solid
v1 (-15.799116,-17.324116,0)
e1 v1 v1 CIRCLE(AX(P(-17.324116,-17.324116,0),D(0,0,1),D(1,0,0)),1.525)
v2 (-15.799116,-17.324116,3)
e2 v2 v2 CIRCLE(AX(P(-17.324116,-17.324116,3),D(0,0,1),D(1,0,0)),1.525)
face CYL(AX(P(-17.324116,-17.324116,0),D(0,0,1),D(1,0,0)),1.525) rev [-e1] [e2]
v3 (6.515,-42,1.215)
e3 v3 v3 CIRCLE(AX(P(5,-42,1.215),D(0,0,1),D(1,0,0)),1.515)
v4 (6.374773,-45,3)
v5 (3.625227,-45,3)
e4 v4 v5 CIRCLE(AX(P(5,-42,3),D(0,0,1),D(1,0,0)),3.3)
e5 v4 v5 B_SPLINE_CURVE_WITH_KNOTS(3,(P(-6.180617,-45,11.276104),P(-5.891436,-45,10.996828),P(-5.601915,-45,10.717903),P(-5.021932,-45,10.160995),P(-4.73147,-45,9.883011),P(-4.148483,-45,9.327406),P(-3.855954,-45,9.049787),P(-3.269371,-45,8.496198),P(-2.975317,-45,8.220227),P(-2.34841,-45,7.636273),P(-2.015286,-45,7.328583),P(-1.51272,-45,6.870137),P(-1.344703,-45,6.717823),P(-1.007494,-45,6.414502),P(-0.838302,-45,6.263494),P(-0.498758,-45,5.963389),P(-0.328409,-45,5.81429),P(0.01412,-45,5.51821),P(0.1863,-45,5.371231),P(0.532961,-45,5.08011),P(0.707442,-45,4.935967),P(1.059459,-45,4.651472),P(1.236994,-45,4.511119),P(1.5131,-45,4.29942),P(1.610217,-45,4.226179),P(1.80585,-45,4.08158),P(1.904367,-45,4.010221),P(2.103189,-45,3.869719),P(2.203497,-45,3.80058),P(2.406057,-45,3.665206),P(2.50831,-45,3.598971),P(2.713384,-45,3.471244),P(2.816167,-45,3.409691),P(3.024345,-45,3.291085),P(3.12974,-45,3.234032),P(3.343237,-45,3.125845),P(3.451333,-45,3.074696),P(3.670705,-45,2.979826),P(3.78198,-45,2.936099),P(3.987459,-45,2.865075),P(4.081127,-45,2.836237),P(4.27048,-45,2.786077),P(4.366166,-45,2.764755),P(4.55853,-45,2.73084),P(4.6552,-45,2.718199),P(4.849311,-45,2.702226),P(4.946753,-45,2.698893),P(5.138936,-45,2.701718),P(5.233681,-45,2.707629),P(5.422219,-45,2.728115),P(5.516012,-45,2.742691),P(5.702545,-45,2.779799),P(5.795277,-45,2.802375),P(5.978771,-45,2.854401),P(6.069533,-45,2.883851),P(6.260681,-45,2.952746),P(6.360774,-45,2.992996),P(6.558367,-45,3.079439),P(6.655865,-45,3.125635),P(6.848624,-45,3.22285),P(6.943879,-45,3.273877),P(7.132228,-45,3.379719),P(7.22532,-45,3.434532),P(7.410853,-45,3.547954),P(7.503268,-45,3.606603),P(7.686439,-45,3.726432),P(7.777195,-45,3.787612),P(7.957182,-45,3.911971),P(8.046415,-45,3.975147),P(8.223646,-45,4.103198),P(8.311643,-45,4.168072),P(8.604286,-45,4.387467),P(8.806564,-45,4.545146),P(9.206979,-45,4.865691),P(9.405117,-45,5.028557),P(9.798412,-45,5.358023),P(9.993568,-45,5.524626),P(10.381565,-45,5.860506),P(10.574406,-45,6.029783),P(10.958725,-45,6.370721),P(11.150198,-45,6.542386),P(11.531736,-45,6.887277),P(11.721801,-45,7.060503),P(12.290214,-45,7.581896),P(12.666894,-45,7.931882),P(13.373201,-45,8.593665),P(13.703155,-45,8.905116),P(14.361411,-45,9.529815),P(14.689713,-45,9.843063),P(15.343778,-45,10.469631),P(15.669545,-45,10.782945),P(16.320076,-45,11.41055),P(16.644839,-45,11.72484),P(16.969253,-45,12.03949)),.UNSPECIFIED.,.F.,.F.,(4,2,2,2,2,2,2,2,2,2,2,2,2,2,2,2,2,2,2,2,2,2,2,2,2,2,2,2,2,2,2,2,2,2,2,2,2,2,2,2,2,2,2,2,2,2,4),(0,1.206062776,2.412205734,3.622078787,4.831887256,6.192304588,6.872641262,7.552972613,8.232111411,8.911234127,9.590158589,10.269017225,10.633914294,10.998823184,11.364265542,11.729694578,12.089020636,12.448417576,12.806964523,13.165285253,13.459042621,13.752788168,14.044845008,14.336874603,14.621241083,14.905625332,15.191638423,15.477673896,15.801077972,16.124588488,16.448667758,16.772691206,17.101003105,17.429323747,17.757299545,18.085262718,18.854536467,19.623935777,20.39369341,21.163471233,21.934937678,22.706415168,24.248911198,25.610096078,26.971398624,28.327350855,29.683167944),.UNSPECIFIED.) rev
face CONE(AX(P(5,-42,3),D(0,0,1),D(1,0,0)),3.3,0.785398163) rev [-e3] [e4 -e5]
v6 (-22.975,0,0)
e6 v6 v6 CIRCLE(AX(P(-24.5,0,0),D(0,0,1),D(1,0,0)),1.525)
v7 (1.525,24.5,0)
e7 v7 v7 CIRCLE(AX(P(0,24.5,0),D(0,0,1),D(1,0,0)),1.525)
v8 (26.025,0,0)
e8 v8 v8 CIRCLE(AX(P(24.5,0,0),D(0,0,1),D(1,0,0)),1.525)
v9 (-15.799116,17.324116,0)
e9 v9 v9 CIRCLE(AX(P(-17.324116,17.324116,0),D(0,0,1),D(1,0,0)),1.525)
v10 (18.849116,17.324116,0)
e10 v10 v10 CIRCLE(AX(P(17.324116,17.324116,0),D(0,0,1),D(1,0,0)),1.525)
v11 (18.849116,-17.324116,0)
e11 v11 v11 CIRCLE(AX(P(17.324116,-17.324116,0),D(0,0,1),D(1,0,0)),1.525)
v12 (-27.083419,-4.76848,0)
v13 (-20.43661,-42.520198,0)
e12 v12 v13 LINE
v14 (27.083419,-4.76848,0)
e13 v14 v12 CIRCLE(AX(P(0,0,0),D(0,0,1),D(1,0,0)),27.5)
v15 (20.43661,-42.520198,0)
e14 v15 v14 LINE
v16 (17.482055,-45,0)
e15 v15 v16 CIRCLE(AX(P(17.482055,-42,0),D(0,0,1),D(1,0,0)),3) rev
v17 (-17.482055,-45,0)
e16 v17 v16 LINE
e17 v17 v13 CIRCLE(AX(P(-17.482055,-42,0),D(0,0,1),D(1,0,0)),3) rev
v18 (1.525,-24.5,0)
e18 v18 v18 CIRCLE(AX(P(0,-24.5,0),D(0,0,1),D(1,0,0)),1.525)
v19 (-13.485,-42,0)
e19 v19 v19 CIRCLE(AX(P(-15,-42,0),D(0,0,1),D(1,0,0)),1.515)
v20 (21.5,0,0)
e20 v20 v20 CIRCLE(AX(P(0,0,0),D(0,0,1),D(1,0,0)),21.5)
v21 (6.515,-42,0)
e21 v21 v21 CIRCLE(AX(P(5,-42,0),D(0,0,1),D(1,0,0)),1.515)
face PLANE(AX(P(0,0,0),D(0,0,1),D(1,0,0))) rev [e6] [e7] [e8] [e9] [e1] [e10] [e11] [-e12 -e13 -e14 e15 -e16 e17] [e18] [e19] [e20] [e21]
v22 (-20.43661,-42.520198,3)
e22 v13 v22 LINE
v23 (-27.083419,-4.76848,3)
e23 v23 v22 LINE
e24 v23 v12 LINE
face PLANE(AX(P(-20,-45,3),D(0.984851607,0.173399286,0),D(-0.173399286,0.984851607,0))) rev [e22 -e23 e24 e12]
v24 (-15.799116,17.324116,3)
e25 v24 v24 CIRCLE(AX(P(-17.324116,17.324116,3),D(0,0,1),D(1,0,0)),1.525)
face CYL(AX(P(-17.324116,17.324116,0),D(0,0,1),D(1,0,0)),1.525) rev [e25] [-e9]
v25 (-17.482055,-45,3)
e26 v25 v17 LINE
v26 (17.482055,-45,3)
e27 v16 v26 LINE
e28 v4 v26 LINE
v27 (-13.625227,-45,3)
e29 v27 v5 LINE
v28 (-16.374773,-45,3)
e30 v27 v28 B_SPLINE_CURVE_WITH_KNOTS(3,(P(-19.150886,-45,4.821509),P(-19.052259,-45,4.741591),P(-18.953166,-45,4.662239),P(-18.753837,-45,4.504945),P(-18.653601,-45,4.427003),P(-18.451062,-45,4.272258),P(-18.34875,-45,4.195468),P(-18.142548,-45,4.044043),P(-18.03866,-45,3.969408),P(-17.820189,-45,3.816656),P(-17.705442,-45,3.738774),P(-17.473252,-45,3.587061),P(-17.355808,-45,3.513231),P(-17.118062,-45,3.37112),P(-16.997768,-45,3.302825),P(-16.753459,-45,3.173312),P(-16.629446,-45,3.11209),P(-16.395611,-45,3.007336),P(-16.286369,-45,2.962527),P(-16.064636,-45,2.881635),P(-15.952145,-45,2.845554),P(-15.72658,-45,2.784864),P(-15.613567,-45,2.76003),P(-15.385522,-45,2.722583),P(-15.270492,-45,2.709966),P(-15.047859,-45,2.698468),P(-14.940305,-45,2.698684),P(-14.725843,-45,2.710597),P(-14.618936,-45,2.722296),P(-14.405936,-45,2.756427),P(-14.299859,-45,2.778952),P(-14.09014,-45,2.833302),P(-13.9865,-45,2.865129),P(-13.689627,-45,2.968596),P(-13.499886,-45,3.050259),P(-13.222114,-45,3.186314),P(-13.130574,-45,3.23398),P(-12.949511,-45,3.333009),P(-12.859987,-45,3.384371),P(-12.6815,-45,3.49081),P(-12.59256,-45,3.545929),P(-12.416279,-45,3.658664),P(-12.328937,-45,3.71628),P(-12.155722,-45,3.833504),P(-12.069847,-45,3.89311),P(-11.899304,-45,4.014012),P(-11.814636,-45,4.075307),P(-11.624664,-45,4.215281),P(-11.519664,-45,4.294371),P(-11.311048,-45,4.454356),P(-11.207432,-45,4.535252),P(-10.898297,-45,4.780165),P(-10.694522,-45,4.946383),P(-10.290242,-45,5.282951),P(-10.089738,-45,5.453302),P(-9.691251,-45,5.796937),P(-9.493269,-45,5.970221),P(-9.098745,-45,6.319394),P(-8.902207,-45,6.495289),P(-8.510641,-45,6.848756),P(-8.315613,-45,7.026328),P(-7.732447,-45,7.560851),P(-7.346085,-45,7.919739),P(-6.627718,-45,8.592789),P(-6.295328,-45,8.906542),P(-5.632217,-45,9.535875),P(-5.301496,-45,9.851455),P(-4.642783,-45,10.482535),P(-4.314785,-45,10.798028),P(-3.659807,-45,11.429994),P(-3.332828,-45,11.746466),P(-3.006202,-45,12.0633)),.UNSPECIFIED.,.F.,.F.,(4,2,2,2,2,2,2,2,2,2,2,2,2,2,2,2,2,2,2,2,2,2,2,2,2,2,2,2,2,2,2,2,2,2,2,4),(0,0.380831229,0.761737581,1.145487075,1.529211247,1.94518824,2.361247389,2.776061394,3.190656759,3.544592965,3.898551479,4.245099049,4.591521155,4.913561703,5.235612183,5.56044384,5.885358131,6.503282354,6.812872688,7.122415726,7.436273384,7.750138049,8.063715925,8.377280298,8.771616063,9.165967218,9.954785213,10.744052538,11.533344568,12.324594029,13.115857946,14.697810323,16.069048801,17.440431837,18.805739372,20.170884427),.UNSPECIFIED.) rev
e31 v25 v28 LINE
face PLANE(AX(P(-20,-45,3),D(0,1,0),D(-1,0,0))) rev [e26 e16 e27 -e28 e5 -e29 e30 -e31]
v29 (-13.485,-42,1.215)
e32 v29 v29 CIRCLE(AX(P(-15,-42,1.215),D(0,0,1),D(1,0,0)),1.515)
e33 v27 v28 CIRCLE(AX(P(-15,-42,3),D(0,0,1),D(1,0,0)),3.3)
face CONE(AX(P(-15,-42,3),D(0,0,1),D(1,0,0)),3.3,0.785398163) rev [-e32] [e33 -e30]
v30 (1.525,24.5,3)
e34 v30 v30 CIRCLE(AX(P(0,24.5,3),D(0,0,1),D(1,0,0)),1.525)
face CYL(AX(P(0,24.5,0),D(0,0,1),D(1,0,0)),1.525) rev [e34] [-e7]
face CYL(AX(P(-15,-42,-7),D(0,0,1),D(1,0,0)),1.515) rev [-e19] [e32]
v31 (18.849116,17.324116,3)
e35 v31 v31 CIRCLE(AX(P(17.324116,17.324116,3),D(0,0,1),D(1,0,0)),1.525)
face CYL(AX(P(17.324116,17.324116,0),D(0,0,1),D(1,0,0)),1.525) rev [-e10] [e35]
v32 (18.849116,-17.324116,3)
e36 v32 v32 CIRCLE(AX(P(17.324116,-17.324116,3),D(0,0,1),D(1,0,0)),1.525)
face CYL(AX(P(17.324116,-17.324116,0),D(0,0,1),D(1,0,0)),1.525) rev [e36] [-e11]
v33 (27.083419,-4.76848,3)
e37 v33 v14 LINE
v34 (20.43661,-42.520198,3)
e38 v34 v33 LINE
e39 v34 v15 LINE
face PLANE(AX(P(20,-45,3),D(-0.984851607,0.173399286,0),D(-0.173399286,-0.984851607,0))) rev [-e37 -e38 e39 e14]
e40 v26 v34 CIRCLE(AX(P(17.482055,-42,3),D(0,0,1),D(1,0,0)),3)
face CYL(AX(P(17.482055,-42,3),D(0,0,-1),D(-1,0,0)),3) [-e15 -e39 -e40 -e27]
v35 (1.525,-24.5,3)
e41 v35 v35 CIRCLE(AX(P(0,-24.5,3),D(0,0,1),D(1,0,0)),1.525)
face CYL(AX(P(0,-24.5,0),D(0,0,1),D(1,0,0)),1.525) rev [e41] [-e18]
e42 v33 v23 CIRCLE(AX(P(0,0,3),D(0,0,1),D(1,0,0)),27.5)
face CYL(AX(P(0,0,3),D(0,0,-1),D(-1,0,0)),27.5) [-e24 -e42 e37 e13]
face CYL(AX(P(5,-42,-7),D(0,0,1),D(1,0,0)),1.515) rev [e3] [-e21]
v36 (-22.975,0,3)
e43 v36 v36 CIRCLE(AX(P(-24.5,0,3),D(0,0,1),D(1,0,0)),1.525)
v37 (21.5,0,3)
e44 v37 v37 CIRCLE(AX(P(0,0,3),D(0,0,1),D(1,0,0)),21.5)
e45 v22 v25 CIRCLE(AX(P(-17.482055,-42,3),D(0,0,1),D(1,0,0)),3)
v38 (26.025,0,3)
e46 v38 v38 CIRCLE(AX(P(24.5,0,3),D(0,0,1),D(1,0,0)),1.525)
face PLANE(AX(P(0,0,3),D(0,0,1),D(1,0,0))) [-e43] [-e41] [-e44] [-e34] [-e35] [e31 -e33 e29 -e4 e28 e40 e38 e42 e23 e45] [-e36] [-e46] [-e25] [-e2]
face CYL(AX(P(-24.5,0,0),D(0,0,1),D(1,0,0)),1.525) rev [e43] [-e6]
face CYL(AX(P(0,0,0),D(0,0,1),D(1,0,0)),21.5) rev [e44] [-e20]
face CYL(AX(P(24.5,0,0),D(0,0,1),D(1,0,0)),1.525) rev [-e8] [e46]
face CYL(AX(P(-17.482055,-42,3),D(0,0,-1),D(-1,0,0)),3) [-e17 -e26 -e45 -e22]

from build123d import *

# Parameters (mm, degrees)
EXTRUDE_1_DEPTH              = 3
SKETCH_2_R                   = 21.5
CUT_EXTRUDE_1_DEPTH          = 3
SKETCH_3_R                   = 1.525
CUT_EXTRUDE_2_DEPTH          = 3
FILLET_1_R                   = 3
SKETCH_4_R                   = 1.515
CUT_EXTRUDE_3_DEPTH          = 10
HOLE_WIZARD_M3_1_D           = 3
HOLE_WIZARD_M3_1_DEPTH       = 7.25
HOLE_WIZARD_M3_1_CSINK_D     = 6.6
HOLE_WIZARD_M3_1_CSINK_ANGLE = 90
HOLE_WIZARD_M3_1_TIP         = 0.901290929


with BuildPart() as part:
    # 草图1 → 凸台-拉伸1 (new body)
    with BuildSketch(Plane.XY):
        with BuildLine():
            Line((-20, -45), (20, -45))
            Line((20, -45), (27.083419191, -4.76848036))
            ThreePointArc((27.083419191, -4.76848036), (0, 27.5), (-27.083419191, -4.76848036))
            Line((-27.083419191, -4.76848036), (-20, -45))
        make_face()
    extrude(amount=EXTRUDE_1_DEPTH)

    # 草图2 → 切除-拉伸1 (cut)
    with BuildSketch(Plane.XY.offset(3)):
        Circle(SKETCH_2_R)
    extrude(amount=-CUT_EXTRUDE_1_DEPTH, mode=Mode.SUBTRACT)

    # 草图3 → 切除-拉伸2 (cut)
    with BuildSketch(Plane.XY.offset(3)):
        with Locations((17.324116139, 17.324116139)):
            Circle(SKETCH_3_R)
        with Locations((24.5, 0)):
            Circle(SKETCH_3_R)
        with Locations((17.324116139, -17.324116139)):
            Circle(SKETCH_3_R)
        with Locations((0, -24.5)):
            Circle(SKETCH_3_R)
        with Locations((-17.324116139, -17.324116139)):
            Circle(SKETCH_3_R)
        with Locations((-24.5, 0)):
            Circle(SKETCH_3_R)
        with Locations((-17.324116139, 17.324116139)):
            Circle(SKETCH_3_R)
        with Locations((0, 24.5)):
            Circle(SKETCH_3_R)
    extrude(amount=-CUT_EXTRUDE_2_DEPTH, mode=Mode.SUBTRACT)

    # 圆角1
    fillet_1_edges = [part.edges().sort_by_distance(p)[0] for p in [
        (20, -45, 1.5),
        (-20, -45, 1.5),
    ]]
    fillet(fillet_1_edges, radius=FILLET_1_R)

    # 草图4 → 切除-拉伸3 (cut)
    with BuildSketch(Plane.XY.offset(3)):
        with Locations((-15, -42)):
            Circle(SKETCH_4_R)
        with Locations((5, -42)):
            Circle(SKETCH_4_R)
    extrude(amount=-CUT_EXTRUDE_3_DEPTH, mode=Mode.SUBTRACT)

    # M3 十字槽沉头木螺钉的锥形沉头孔1
    with Locations(Plane.XY.offset(3)):
        with Locations((-15, -42), (5, -42)):
            CounterSinkHole(HOLE_WIZARD_M3_1_D / 2, HOLE_WIZARD_M3_1_CSINK_D / 2, depth=HOLE_WIZARD_M3_1_DEPTH, counter_sink_angle=HOLE_WIZARD_M3_1_CSINK_ANGLE)
            with Locations((0, 0, -(HOLE_WIZARD_M3_1_DEPTH + HOLE_WIZARD_M3_1_TIP / 2))):  # 118° drill point
                Cone(0, HOLE_WIZARD_M3_1_D / 2, HOLE_WIZARD_M3_1_TIP, mode=Mode.SUBTRACT)


solid = part.part
